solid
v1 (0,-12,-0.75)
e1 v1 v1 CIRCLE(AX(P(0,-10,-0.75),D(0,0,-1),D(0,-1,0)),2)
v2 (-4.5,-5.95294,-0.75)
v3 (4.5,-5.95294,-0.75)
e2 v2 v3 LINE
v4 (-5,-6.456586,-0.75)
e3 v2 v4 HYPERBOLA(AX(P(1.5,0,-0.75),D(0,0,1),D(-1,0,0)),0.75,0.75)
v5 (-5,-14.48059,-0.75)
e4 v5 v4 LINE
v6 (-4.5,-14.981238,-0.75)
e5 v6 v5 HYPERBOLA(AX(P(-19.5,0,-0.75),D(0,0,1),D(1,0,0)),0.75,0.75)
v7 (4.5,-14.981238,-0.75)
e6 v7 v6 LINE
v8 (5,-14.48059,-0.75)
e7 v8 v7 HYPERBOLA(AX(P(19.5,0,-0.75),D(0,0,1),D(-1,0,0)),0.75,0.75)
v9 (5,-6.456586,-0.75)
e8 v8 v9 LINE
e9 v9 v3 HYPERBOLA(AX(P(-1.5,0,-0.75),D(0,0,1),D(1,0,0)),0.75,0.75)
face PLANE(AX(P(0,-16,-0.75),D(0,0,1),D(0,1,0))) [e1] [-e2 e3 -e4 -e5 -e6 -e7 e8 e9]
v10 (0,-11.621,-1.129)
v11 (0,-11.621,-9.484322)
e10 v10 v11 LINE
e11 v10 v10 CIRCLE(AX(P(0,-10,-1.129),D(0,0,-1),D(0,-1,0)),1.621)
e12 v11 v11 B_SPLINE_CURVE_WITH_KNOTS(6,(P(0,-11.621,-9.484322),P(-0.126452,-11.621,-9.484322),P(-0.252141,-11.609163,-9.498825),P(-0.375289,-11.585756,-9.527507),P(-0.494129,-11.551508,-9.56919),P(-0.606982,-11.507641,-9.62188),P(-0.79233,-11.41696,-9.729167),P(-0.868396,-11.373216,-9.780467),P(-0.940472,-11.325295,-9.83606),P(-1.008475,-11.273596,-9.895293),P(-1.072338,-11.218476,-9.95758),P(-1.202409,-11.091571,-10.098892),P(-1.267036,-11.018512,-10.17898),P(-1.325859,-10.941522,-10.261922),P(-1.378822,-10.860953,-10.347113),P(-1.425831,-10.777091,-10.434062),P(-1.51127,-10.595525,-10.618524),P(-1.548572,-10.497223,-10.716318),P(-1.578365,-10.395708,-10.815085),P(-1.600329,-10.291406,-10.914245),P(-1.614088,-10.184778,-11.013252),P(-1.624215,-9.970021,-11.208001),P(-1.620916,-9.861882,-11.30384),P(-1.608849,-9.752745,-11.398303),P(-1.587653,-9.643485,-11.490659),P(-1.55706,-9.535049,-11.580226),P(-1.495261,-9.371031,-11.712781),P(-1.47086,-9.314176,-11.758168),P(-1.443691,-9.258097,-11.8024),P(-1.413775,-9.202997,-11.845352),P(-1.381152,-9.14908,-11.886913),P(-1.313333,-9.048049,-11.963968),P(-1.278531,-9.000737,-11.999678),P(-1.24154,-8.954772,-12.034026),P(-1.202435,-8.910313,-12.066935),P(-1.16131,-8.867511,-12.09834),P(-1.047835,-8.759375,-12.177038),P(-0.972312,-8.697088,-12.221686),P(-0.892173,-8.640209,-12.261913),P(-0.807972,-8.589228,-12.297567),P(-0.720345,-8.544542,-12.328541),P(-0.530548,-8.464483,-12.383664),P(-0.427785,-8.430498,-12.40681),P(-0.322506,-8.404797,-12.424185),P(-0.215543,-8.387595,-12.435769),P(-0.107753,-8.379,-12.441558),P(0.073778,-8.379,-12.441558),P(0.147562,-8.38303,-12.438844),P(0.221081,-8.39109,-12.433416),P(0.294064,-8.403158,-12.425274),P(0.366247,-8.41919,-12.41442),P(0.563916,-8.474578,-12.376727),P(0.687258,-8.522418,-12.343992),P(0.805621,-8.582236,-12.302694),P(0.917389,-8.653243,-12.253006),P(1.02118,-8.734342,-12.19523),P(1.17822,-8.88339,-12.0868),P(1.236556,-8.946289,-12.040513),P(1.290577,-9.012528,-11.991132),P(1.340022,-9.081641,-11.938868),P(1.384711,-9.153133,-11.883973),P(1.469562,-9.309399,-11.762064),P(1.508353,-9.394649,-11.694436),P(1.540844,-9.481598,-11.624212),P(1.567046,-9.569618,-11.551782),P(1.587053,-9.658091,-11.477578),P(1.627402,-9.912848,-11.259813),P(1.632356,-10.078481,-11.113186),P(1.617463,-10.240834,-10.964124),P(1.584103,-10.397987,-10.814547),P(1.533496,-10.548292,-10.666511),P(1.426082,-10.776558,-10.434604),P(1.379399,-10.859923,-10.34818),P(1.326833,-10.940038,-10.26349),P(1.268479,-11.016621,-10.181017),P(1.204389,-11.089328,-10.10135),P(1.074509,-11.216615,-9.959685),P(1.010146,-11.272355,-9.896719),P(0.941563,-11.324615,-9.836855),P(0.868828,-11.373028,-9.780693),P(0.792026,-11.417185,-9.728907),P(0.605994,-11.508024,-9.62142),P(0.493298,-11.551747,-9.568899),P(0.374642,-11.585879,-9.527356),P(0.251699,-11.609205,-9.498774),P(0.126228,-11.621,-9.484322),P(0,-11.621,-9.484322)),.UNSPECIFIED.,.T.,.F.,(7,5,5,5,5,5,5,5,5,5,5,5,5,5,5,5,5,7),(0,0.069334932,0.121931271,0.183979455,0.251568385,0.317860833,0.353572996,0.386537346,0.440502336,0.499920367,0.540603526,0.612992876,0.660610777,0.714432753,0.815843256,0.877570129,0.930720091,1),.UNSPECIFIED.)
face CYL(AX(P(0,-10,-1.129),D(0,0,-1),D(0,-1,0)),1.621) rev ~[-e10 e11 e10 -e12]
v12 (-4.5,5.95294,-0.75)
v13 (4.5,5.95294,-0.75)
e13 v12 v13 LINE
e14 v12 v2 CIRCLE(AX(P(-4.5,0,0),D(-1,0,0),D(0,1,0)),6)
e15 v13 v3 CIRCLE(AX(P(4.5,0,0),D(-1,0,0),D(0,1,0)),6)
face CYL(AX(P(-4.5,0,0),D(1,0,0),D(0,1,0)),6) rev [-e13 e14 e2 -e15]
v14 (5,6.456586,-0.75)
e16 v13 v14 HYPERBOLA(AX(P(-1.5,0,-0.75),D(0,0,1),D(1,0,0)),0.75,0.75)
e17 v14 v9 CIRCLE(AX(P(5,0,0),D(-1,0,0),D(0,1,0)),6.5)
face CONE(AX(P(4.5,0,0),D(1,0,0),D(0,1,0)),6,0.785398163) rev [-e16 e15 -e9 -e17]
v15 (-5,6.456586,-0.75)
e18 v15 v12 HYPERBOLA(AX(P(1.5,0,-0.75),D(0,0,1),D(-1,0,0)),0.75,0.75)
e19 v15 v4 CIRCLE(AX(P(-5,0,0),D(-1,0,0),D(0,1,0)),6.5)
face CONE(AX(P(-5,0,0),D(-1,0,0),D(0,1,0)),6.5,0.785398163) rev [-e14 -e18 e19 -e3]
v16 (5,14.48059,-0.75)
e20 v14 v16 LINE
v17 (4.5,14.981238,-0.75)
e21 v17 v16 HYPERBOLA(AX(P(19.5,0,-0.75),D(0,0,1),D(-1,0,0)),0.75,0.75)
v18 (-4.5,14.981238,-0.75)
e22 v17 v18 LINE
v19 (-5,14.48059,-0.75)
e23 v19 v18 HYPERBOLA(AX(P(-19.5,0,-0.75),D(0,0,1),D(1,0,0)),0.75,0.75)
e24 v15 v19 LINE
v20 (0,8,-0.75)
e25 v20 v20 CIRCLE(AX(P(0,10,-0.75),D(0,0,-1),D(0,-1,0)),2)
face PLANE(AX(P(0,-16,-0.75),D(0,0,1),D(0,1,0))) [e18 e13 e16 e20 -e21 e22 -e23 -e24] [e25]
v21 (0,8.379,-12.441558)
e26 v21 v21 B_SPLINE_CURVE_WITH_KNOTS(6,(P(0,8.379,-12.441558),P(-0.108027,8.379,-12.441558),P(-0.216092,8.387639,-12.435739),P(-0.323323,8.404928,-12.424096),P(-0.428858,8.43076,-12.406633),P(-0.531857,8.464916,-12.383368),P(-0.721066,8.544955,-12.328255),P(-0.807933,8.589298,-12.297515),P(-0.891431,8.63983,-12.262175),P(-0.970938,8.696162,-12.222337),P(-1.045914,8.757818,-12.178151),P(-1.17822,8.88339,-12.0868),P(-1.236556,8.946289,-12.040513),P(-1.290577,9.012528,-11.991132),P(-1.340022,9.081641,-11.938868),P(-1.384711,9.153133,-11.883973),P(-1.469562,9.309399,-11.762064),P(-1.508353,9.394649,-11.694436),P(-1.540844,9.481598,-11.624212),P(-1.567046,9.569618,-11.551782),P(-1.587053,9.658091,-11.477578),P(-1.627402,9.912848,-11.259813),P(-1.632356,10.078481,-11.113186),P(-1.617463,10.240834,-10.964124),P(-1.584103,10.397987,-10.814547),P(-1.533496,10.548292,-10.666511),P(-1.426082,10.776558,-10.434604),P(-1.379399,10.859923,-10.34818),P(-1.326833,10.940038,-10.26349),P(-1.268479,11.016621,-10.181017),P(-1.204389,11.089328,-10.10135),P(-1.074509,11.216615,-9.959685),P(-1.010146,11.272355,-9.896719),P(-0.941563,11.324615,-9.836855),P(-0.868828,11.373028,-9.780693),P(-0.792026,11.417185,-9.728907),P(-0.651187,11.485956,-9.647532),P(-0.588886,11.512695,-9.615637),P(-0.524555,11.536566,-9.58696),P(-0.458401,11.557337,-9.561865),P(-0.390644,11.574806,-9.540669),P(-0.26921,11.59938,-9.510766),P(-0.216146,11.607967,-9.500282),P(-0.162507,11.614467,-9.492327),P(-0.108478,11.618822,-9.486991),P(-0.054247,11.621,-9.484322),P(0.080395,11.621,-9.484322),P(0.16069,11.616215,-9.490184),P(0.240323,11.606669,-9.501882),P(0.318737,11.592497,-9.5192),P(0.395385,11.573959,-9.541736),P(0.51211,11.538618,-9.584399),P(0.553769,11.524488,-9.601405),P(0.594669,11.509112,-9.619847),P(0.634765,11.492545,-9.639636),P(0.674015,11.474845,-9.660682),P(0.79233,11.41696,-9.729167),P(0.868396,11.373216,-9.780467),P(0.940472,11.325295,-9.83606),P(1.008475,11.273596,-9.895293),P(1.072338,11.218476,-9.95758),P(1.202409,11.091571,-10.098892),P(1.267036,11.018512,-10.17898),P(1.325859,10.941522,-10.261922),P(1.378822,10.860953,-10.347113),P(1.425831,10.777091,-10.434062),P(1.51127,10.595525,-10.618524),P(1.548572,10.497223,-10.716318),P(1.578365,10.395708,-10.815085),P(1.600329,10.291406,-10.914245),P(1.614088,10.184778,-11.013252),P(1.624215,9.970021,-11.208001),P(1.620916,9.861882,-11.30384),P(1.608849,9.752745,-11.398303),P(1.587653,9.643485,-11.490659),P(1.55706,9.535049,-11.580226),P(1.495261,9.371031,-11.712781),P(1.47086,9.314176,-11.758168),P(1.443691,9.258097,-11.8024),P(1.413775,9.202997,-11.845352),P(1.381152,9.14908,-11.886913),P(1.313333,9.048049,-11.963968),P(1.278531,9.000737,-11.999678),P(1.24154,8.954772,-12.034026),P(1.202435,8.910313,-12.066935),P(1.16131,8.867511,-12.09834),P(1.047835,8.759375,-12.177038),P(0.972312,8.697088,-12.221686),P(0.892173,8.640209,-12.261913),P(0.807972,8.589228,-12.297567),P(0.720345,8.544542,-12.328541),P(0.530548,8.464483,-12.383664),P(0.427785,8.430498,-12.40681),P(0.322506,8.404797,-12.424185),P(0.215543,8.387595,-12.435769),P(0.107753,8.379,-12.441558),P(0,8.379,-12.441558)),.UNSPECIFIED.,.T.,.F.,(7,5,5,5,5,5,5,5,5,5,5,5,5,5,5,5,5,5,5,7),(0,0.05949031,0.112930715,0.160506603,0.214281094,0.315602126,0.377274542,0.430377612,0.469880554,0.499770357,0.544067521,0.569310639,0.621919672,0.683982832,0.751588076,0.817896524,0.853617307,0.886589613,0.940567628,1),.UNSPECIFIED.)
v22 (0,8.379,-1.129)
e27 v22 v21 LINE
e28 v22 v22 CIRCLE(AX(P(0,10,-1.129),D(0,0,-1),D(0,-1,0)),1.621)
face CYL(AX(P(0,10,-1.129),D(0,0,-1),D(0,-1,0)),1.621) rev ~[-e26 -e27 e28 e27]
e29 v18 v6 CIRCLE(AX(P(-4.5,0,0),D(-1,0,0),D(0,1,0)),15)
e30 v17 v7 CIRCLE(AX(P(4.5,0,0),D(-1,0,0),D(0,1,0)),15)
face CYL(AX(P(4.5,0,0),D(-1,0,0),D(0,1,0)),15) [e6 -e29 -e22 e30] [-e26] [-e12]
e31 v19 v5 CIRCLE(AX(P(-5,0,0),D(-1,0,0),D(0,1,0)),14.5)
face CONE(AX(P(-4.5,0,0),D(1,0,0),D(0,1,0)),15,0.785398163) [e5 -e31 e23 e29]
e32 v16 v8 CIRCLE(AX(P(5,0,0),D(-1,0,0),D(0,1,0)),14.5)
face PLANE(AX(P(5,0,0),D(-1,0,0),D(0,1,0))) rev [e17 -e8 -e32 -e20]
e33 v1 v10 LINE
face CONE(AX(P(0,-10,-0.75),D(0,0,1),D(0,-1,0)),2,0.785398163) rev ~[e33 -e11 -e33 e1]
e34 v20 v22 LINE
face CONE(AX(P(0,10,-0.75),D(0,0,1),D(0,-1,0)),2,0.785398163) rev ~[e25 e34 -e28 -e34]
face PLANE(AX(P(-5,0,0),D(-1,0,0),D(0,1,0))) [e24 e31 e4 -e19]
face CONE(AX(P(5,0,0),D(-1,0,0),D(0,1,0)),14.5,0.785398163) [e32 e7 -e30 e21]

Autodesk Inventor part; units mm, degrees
sketch "Sketch_1" plane through (0, 0, 0) normal (0, 0, 1) x (1, 0, 0)
  line L0 (5, 0) -> (-5, 0)
  line L1 (-5, 14.5) -> (-5, 6.5)
  line L2 (-5, 6.5) -> (-4.5, 6)
  line L3 (-4.5, 6) -> (4.5, 6)
  line L4 (4.5, 6) -> (5, 6.5)
  line L5 (5, 6.5) -> (5, 14.5)
  line L6 (5, 14.5) -> (4.5, 15)
  line L7 (4.5, 15) -> (-4.5, 15)
  line L8 (-4.5, 15) -> (-5, 14.5)
revolve "Revolution1" add sketch "Sketch_1" angle 180 about axis through (5, 0, 0) along (-1, 0, 0)
sketch "Sketch_2" plane through (0, 0, 0) normal (1, 0, 0) x (0, 1, 0)
  line L0 (-16, 0.75) -> (-16, -0.75)
  line L1 (-16, -0.75) -> (16, -0.75)
  line L2 (16, -0.75) -> (16, 0.75)
  line L3 (16, 0.75) -> (-16, 0.75)
extrude "Extrusion1" cut sketch "Sketch_2" along normal mid plane 10
sketch "Sketch3" plane through (-4.5, -5.9529, -0.75) normal (0, 0, 1) x (1, 0, 0)
  point P0 (4.5, -4.0471)
hole "Hole1" at (0, -10, -0.75) direction (0, 0, -1) diameter 3.242 depth 15 countersink diameter 4 countersink angle 90 thread size "M4x0.7" class "6H" standard "ISO Metric profile"
sketch "Sketch4" plane through (-4.5, 14.9812, -0.75) normal (0, 0, 1) x (1, 0, 0)
  point P0 (4.5, -4.9812)
hole "Hole2" at (0, 10, -0.75) direction (0, 0, -1) diameter 3.242 depth 15 countersink diameter 4 countersink angle 90 thread size "M4x0.7" class "6H" standard "ISO Metric profile"
ref_plane "2_1_XY" through (0, 0, 0) normal (0, 0, 1) x (1, 0, 0)
ref_plane "2_1_YZ" through (0, 0, 0) normal (1, 0, 0) x (0, 1, 0)
ref_plane "2_1_ZX" through (0, 0, 0) normal (0, 1, 0) x (0, 0, 1)
properties part number "SSCSP12-10p"
